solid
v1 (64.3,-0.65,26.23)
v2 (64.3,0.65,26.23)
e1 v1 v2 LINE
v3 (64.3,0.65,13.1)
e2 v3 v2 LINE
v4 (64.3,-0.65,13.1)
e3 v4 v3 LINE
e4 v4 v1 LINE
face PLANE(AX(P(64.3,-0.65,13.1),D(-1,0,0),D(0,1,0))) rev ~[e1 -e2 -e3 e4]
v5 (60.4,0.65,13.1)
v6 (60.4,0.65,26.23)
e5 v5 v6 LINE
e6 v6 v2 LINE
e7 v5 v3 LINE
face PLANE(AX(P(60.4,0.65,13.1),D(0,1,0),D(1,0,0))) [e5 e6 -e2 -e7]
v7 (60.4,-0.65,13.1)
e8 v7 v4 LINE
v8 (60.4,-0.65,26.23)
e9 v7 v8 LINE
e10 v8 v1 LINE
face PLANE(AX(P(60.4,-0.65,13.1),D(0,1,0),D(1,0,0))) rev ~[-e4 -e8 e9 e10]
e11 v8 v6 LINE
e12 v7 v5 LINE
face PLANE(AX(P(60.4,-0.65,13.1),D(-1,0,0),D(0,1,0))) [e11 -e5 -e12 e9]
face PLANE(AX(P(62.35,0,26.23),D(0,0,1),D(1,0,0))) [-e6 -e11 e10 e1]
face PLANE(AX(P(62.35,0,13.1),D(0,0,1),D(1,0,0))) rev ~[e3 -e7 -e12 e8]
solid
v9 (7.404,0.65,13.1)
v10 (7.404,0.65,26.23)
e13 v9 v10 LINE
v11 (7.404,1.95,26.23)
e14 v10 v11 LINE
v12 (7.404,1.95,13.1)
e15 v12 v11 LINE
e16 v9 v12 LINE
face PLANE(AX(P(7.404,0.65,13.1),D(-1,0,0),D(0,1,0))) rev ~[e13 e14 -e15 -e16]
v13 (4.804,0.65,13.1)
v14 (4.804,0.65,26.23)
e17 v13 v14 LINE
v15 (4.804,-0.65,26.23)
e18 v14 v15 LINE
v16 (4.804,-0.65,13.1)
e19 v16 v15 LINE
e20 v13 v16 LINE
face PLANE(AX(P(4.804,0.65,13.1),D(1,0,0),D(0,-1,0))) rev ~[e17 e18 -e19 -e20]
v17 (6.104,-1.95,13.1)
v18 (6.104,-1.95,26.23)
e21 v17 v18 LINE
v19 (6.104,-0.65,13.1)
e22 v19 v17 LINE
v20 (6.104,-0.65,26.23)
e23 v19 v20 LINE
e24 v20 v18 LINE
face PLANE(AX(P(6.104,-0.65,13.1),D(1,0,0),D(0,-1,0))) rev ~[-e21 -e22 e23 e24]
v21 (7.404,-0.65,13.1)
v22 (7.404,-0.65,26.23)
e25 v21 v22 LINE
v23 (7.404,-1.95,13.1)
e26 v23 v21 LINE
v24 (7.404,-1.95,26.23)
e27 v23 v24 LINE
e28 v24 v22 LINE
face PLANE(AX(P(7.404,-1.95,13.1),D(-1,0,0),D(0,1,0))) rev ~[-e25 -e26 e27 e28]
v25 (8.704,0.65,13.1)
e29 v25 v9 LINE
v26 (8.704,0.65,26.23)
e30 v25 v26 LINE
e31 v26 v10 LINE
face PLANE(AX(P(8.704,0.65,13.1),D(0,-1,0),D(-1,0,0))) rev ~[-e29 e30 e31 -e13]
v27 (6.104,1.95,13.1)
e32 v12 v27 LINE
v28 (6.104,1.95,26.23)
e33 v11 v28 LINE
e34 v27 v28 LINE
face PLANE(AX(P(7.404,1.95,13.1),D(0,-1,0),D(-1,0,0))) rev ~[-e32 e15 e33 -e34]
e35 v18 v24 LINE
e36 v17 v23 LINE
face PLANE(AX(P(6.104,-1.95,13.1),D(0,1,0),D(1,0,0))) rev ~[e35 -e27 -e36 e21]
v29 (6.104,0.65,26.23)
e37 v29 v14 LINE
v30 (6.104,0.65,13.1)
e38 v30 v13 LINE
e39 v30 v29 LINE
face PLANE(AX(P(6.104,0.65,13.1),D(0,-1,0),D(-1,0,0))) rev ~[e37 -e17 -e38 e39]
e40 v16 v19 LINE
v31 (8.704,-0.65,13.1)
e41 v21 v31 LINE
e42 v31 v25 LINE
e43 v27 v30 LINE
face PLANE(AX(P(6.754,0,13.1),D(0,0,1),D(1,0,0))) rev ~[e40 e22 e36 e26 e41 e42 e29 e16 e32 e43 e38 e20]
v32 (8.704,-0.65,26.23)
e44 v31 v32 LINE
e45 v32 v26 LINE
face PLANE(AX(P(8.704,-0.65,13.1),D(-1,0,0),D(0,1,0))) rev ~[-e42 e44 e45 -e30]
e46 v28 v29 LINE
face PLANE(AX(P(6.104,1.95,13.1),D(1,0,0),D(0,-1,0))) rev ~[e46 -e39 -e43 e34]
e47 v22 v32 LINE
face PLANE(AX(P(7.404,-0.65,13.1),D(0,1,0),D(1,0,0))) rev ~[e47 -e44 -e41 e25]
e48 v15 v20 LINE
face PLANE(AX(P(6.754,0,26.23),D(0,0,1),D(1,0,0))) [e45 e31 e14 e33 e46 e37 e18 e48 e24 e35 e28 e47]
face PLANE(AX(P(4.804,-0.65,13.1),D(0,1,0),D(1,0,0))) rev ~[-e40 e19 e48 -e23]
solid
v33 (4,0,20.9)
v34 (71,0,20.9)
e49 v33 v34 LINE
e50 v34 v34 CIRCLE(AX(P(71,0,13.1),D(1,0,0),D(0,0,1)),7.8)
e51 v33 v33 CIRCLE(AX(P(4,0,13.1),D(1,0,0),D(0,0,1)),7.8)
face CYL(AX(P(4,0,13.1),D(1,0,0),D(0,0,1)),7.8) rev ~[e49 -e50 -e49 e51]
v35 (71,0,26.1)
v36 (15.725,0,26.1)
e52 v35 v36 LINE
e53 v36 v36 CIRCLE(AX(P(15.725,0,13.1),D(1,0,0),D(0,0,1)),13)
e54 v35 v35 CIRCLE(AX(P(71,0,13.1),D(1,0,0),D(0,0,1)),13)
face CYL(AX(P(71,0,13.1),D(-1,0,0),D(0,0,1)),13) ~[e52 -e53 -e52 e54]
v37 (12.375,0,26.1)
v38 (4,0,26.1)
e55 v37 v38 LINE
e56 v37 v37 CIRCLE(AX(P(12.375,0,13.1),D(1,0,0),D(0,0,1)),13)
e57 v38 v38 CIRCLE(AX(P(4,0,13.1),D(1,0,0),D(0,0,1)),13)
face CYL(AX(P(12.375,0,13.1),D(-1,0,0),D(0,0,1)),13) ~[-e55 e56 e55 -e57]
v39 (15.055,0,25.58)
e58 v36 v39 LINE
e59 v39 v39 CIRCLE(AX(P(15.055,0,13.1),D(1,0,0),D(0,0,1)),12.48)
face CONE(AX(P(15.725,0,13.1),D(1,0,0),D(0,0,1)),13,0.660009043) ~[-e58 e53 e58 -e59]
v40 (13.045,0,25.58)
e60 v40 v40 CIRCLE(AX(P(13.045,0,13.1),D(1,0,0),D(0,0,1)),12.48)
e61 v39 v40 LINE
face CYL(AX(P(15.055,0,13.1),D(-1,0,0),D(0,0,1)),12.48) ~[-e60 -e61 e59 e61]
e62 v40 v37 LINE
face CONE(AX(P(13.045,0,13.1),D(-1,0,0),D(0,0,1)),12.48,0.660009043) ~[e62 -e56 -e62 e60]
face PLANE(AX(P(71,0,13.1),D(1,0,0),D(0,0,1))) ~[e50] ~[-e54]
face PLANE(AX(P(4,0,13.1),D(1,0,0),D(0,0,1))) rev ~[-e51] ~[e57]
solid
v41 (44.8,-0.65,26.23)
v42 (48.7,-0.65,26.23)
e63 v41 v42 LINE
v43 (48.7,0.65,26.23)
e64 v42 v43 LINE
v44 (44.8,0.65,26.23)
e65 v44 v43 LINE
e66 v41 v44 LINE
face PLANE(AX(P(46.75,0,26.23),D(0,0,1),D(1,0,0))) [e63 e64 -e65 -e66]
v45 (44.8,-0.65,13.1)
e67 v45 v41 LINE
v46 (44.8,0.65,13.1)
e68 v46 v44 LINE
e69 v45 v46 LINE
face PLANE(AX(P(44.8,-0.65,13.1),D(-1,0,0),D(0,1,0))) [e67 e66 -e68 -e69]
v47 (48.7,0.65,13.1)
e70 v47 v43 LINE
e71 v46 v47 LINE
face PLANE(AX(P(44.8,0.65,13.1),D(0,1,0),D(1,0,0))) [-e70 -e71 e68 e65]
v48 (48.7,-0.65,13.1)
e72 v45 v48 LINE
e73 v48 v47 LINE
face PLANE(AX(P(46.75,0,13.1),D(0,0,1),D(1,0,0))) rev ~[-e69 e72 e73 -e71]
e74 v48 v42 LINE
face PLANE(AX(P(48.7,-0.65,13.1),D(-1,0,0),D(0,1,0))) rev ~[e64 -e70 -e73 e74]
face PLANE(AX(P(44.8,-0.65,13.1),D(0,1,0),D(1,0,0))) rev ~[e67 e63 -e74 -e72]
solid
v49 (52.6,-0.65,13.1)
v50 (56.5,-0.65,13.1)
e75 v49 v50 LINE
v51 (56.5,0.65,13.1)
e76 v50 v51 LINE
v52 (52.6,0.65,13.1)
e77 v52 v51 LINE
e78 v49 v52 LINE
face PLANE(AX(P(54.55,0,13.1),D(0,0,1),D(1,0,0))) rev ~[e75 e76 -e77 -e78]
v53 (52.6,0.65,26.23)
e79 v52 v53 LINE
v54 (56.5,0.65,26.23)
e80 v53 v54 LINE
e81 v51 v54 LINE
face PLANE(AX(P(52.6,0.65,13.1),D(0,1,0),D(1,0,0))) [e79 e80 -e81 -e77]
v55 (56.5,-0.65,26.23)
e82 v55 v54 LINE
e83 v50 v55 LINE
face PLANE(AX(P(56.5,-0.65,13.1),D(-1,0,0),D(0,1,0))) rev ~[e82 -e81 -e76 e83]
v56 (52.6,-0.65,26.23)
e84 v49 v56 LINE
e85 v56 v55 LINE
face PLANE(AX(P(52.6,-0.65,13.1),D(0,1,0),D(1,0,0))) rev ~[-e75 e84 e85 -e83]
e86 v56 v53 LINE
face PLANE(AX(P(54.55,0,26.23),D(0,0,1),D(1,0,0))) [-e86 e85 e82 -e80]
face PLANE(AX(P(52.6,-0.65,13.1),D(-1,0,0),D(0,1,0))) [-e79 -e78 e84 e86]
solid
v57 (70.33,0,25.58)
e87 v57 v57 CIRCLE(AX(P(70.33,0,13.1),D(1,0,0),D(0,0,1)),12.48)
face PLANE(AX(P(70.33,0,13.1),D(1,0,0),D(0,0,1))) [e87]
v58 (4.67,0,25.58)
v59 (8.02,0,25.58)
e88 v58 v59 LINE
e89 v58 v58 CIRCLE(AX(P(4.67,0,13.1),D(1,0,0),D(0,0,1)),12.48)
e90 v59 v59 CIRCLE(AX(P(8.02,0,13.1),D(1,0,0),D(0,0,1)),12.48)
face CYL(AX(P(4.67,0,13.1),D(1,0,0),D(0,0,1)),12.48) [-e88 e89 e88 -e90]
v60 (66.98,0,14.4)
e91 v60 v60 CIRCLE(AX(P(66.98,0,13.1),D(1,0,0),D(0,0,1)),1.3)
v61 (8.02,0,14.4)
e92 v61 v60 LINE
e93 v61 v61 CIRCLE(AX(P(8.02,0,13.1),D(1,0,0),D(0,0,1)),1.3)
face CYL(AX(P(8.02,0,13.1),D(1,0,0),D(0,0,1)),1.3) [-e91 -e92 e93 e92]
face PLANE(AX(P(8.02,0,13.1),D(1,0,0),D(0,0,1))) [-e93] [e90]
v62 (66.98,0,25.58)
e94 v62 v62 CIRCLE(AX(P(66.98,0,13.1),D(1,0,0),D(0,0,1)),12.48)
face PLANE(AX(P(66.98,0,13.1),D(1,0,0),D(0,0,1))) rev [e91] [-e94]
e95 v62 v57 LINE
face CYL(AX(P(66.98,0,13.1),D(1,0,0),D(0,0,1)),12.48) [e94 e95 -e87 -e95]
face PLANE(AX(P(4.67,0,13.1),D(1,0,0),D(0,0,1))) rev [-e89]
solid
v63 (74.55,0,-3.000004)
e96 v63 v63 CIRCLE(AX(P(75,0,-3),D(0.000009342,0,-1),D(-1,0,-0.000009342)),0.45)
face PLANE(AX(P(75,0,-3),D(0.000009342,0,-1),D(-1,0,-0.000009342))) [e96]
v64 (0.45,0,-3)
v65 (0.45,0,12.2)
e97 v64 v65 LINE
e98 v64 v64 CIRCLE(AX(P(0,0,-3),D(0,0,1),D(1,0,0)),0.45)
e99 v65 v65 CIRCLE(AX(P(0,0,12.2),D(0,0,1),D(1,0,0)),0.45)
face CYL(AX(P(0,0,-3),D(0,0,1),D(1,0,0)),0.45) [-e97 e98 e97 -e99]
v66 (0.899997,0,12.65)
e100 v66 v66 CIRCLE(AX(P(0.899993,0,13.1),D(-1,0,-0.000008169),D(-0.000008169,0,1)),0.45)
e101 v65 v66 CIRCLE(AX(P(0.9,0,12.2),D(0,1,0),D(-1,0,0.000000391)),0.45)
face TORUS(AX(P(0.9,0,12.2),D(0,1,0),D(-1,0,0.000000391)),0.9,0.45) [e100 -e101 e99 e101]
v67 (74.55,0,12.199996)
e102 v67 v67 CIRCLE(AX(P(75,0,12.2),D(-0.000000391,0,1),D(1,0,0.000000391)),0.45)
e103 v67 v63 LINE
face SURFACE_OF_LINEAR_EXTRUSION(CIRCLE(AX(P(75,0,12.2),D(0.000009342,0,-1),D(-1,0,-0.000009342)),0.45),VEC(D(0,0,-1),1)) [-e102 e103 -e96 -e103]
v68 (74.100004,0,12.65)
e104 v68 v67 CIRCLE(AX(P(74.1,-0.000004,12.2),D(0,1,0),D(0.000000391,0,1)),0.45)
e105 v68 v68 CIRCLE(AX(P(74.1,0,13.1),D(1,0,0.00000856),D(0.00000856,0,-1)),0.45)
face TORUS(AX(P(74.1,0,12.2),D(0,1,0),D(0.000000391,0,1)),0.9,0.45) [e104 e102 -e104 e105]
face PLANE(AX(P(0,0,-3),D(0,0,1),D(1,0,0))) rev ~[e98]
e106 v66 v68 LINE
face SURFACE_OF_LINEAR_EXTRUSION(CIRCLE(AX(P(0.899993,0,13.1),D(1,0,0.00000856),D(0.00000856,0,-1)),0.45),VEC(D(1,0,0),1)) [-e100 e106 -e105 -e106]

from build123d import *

# Parameters (mm, degrees)
SKETCH_R    = 0.45
SKETCH004_W = 3.9
SKETCH004_H = 1.3
PAD_DEPTH   = 13.13


with BuildPart() as sweep_body:
    # Sweep: sweep along a path in Sketch001
    with BuildLine(Plane.XZ) as sweep_path:
        Line((0, -3), (0, 12.2))
        ThreePointArc((0, 12.2), (0.263601, 12.836393), (0.899993, 13.1))
        Line((0.899993, 13.1), (74.1, 13.1))
        ThreePointArc((74.1, 13.1), (74.736396, 12.836396), (75, 12.2))
        Line((75, 12.2), (75, -3))
    # Sketch → Sweep (sweep)
    with BuildSketch(Plane.XY.offset(-2)):
        Circle(SKETCH_R)
    sweep(path=sweep_path.line)


with BuildPart() as revolution:
    # Sketch002 → Revolution (revolve)
    with BuildSketch(Plane.XZ):
        Polygon((4, 26.1), (4, 20.9), (71, 20.9), (71, 26.1), (15.725, 26.1), (15.055, 25.58), (13.045, 25.58), (12.375, 26.1), align=None)
    revolve(axis=Axis((6.97588, 0, 13.1), (1, 0, 0)))


with BuildPart() as revolution001:
    # Sketch003 → Revolution001 (revolve)
    with BuildSketch(Plane.XZ):
        Polygon((4.67, 25.58), (8.02, 25.58), (8.02, 14.4), (66.98, 14.4), (66.98, 25.58), (70.33, 25.58), (70.33, 13.1), (4.67, 13.1), align=None)
    revolve(axis=Axis((6.97588, 0, 13.1), (1, 0, 0)))


with BuildPart() as pad:
    # Sketch004 → Pad (new body)
    with BuildSketch(Plane.XY.offset(13.1)):
        with Locations((62.35, 0)):
            Rectangle(SKETCH004_W, SKETCH004_H)
        with Locations((54.55, 0)):
            Rectangle(SKETCH004_W, SKETCH004_H)
        with Locations((46.75, 0)):
            Rectangle(SKETCH004_W, SKETCH004_H)
        Polygon((6.104, 0.65), (4.804, 0.65), (4.804, -0.65), (6.104, -0.65), (6.104, -1.95), (7.404, -1.95), (7.404, -0.65), (8.704, -0.65), (8.704, 0.65), (7.404, 0.65), (7.404, 1.95), (6.104, 1.95), align=None)
    extrude(amount=PAD_DEPTH)


solid = Compound([sweep_body.part, revolution.part, revolution001.part, pad.part])
